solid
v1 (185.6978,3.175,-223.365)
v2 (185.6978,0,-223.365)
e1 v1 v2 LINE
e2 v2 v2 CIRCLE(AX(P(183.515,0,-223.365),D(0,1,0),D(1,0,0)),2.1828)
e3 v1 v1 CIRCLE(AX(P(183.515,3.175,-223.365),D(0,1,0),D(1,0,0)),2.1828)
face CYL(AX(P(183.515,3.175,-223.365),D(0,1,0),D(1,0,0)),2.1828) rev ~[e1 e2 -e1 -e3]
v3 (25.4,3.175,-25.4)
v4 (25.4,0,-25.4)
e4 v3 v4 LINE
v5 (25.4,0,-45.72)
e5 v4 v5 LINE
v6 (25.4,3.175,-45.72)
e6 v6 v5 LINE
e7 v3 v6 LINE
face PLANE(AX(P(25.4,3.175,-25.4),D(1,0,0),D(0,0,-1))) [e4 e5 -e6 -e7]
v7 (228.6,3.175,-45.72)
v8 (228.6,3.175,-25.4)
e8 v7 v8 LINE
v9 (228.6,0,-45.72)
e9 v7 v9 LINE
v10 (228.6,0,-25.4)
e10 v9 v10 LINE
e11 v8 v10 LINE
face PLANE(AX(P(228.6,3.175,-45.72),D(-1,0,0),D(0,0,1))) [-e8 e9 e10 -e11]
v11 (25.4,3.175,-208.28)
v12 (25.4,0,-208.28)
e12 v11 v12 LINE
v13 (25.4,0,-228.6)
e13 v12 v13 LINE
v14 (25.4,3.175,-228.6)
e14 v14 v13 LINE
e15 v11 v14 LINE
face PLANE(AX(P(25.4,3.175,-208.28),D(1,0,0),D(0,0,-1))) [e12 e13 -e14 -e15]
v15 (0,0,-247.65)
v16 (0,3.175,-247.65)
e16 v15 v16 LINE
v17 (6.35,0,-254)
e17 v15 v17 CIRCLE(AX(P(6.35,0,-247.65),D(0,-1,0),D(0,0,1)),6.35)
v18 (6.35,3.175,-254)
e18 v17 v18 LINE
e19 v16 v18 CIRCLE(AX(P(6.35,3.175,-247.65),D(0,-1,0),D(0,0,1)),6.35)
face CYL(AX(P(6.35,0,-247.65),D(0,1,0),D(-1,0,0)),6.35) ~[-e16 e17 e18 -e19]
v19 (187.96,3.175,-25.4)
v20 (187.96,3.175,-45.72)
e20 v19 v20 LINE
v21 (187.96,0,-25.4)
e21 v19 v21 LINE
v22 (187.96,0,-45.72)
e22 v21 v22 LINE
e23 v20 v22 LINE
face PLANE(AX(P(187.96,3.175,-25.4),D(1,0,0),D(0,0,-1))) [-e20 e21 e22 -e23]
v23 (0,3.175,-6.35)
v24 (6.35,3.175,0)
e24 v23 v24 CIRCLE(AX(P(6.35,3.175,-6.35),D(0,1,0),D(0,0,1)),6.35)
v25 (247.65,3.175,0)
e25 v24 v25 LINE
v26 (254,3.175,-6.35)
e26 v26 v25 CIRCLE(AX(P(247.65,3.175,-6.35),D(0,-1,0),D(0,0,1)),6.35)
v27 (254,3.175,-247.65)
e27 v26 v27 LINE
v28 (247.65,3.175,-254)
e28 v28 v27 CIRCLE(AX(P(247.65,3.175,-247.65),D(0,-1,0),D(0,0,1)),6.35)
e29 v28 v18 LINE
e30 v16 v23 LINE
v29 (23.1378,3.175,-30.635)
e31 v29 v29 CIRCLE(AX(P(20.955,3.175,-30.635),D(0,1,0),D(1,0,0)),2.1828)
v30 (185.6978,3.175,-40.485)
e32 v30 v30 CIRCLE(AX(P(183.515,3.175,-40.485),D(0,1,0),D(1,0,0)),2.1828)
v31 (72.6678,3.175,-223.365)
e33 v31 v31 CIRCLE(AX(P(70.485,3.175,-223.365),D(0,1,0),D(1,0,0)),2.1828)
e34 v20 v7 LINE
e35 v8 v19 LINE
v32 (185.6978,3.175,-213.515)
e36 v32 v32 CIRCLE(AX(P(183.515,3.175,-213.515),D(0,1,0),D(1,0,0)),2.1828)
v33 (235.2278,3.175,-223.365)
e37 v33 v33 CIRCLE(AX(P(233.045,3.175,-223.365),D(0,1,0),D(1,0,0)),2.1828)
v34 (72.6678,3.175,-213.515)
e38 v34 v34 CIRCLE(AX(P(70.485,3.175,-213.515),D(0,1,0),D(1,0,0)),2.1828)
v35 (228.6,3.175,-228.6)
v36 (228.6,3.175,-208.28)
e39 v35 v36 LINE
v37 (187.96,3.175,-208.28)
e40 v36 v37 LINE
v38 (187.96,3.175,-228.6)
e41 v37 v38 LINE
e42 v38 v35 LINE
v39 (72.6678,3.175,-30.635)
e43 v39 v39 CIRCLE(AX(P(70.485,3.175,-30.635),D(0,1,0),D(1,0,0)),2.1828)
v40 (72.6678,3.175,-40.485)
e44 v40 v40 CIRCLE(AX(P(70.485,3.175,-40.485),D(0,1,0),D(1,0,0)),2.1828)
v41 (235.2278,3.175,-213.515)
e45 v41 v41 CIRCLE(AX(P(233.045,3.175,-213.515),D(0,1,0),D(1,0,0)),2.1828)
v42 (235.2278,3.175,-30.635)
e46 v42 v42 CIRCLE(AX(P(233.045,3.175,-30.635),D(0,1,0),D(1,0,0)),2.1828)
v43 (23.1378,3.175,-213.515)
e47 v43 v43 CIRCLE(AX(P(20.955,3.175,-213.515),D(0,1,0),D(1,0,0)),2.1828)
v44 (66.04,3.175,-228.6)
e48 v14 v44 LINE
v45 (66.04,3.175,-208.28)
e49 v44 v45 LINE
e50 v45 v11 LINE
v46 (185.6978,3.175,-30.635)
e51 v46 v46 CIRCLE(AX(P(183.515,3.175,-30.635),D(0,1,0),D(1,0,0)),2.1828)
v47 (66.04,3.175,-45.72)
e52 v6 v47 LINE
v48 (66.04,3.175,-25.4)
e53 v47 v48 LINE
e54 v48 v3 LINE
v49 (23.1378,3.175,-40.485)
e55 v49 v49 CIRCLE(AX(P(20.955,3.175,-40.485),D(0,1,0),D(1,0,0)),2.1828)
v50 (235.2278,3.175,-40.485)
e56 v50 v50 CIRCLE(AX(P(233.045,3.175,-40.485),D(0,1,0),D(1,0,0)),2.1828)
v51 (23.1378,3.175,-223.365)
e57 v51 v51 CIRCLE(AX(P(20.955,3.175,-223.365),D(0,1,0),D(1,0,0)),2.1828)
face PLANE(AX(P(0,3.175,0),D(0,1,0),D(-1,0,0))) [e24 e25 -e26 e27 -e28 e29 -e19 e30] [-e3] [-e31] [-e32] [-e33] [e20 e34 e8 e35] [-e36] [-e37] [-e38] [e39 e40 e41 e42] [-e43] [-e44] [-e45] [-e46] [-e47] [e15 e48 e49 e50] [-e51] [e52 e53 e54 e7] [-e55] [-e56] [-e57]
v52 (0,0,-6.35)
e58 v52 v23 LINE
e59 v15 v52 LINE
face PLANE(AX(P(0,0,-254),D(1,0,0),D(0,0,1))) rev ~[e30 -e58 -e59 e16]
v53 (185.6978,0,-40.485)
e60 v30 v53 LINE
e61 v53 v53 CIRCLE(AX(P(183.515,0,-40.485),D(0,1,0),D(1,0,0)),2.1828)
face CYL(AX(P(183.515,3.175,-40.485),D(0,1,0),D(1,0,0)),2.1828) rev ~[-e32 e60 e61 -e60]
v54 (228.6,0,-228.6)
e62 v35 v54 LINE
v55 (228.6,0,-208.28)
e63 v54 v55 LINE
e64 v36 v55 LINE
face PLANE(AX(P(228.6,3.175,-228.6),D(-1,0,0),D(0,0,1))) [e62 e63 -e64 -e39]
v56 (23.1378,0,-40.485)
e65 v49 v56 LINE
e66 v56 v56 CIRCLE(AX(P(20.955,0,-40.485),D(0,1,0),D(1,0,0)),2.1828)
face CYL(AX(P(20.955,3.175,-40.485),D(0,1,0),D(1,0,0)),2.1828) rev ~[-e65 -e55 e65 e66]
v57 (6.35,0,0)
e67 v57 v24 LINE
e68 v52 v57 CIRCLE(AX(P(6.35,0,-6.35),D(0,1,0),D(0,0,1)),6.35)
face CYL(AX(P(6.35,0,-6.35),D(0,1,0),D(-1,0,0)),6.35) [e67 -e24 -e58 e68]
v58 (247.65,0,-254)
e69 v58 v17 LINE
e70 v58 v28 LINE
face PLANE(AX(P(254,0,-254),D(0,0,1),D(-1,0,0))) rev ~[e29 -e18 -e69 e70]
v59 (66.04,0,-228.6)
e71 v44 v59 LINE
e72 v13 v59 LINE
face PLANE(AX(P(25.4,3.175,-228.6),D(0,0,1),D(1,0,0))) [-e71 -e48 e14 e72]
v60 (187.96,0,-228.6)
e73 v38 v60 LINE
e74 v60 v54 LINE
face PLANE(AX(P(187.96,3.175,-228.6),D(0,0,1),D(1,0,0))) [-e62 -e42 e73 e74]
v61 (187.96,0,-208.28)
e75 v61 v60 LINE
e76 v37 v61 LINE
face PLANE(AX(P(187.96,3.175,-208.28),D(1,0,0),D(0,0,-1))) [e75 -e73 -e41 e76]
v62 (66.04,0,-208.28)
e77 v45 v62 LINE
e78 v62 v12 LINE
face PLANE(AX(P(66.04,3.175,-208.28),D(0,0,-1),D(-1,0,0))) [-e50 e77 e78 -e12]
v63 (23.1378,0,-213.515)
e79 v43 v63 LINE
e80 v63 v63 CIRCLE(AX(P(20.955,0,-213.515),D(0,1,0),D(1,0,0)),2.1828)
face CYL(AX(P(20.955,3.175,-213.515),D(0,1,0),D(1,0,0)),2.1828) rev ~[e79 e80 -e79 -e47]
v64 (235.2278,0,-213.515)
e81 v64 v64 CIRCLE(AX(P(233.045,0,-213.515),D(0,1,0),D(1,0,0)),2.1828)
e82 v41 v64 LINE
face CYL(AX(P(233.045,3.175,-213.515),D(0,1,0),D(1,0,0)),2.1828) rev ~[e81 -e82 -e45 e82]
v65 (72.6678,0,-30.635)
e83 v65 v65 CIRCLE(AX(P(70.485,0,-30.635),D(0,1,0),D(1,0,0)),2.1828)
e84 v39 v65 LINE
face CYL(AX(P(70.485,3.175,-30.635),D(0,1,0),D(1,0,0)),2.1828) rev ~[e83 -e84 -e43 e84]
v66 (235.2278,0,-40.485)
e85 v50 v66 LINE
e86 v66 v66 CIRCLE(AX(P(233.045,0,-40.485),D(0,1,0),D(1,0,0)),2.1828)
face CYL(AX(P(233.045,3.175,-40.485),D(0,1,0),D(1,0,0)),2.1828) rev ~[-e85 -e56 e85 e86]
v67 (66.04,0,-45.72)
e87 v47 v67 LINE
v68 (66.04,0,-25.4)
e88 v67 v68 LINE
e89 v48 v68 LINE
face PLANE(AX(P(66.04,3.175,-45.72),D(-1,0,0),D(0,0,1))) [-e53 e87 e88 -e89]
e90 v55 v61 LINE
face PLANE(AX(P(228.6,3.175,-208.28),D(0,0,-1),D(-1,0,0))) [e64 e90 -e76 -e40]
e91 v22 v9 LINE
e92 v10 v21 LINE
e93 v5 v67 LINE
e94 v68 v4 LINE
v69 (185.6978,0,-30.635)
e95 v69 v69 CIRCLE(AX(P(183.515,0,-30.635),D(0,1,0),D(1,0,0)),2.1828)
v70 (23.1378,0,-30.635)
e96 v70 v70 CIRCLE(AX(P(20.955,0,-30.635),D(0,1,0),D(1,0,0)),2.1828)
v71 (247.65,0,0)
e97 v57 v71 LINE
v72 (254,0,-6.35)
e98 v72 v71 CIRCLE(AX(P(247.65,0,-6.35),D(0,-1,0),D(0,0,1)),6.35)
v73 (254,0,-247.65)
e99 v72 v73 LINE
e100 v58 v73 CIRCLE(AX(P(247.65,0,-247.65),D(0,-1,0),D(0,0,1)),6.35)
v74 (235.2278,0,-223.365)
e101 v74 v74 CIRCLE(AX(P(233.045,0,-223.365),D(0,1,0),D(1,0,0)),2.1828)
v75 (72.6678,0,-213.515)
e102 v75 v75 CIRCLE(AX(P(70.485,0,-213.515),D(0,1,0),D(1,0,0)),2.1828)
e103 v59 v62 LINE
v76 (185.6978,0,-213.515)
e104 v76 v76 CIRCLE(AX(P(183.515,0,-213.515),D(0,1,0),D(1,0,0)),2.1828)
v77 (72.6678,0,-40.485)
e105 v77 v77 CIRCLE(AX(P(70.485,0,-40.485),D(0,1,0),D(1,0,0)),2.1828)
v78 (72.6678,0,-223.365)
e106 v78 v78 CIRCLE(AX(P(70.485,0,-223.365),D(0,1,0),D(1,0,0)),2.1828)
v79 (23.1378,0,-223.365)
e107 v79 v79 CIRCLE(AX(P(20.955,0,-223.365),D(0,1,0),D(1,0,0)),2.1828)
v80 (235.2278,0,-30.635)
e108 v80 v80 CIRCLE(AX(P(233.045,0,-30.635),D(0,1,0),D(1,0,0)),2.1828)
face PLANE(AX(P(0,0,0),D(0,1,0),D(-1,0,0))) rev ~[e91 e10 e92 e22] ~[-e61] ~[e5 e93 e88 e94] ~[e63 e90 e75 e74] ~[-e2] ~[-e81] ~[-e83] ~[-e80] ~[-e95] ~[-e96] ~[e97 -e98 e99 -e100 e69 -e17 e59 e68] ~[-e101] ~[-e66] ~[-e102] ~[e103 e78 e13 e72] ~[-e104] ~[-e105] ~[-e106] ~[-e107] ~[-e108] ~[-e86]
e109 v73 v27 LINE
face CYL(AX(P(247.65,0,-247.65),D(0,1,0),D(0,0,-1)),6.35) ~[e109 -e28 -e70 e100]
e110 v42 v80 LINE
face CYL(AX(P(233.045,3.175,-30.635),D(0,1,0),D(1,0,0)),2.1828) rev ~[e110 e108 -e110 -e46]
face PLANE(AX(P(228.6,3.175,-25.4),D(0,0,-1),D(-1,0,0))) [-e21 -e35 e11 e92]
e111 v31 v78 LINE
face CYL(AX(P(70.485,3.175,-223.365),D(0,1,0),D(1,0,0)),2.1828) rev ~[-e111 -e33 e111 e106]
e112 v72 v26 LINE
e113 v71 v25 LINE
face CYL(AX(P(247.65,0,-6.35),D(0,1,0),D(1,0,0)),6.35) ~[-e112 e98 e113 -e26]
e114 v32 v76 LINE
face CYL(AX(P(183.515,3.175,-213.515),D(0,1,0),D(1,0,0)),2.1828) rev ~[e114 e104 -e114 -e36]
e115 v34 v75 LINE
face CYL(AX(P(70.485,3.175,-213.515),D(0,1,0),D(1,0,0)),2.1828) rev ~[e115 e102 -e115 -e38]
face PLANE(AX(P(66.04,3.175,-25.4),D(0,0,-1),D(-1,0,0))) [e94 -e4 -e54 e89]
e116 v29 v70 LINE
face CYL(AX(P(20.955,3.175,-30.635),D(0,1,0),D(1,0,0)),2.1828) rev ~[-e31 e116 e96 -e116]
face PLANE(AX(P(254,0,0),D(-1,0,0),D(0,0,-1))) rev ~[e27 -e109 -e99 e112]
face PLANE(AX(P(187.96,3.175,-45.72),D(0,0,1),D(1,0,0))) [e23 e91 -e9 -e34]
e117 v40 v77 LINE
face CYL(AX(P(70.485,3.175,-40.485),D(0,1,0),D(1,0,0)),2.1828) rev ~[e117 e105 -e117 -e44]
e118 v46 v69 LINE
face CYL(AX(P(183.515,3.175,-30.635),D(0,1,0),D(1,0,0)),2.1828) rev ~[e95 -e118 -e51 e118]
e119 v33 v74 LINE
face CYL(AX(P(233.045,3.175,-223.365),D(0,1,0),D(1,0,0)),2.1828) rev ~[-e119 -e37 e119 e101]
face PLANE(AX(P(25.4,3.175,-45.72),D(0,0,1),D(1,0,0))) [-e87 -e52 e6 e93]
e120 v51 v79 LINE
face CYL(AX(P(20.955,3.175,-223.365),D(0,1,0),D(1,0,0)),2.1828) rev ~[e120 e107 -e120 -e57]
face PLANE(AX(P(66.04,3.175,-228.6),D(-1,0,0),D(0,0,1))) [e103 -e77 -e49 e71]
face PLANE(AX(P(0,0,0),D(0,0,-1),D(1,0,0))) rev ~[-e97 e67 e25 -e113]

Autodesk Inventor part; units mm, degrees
ref_plane "YZ Plane" through (0, 0, 0) normal (1, 0, 0) x (0, 1, 0)
ref_plane "XZ Plane" through (0, 0, 0) normal (0, 1, 0) x (-1, 0, 0)
ref_plane "XY Plane" through (0, 0, 0) normal (0, 0, 1) x (1, 0, 0)
sketch "Sketch1" plane through (0, 0, 0) normal (0, 1, 0) x (-1, 0, 0)
  line L0 (0, 0) -> (-254, 0)
  line L1 (-254, 0) -> (-254, -254)
  line L2 (-254, -254) -> (0, -254)
  line L3 (0, -254) -> (0, 0)
  dimension "d0" = 254
  dimension "d1" = 254
extrude "Extrusion1" add sketch "Sketch1" along normal blind 3.175
fillet "Fillet1" radius 6.35 4 edges at (0, 1.5875, 0) (254, 1.5875, 0) (254, 1.5875, -254) (0, 1.5875, -254)
sketch "Sketch2" plane through (0, 3.175, 0) normal (0, 1, 0) x (1, 0, 0)
  line L0 (247.65, 254) -> (6.35, 254) projected
  line L1 (0, 247.65) -> (0, 6.35) projected
  line L2 (25.4, 45.72) -> (66.04, 45.72)
  line L3 (66.04, 45.72) -> (66.04, 25.4)
  line L4 (66.04, 25.4) -> (25.4, 25.4)
  line L5 (25.4, 25.4) -> (25.4, 45.72)
  line L6 (254, 6.35) -> (254, 247.65) projected
  line L7 (6.35, 0) -> (247.65, 0) projected
  circle A0 centre (20.955, 30.635) radius 2.1828
  circle A1 centre (20.955, 40.485) radius 2.1828
  circle A2 centre (70.485, 40.485) radius 2.1828
  circle A3 centre (70.485, 30.635) radius 2.1828
  line L8 (25.4, 228.6) -> (66.04, 228.6)
  line L9 (66.04, 228.6) -> (66.04, 208.28)
  line L10 (66.04, 208.28) -> (25.4, 208.28)
  line L11 (25.4, 208.28) -> (25.4, 228.6)
  circle A4 centre (20.955, 213.515) radius 2.1828
  circle A5 centre (20.955, 223.365) radius 2.1828
  circle A6 centre (70.485, 223.365) radius 2.1828
  circle A7 centre (70.485, 213.515) radius 2.1828
  circle A8 centre (233.045, 223.365) radius 2.1828
  circle A9 centre (233.045, 213.515) radius 2.1828
  line L12 (228.6, 228.6) -> (228.6, 208.28)
  line L13 (187.96, 228.6) -> (228.6, 228.6)
  line L14 (228.6, 208.28) -> (187.96, 208.28)
  line L15 (187.96, 208.28) -> (187.96, 228.6)
  circle A10 centre (183.515, 223.365) radius 2.1828
  circle A11 centre (183.515, 213.515) radius 2.1828
  circle A12 centre (233.045, 40.485) radius 2.1828
  circle A13 centre (233.045, 30.635) radius 2.1828
  line L16 (228.6, 45.72) -> (228.6, 25.4)
  line L17 (187.96, 45.72) -> (228.6, 45.72)
  line L18 (228.6, 25.4) -> (187.96, 25.4)
  line L19 (187.96, 25.4) -> (187.96, 45.72)
  circle A14 centre (183.515, 40.485) radius 2.1828
  circle A15 centre (183.515, 30.635) radius 2.1828
  point P0 (0, 0)
  point P1 (45.72, 25.4)
  point P2 (25.4, 35.56)
  point P3 (45.72, 208.28)
  point P4 (25.4, 218.44)
  point P5 (127, 254)
  point P6 (208.28, 208.28)
  point P7 (187.96, 218.44)
  point P8 (208.28, 25.4)
  point P9 (187.96, 35.56)
  point P10 (208.28, 228.6)
  dimension "d13" = 40.64
  dimension "d14" = 20.32
  dimension "d19" = 25.4
  dimension "d20" = 25.4
  dimension "d23" = 4.3656
  dimension "d24" = 4.3656
  dimension "d25" = 4.3656
  dimension "d26" = 4.3656
  dimension "d27" = 9.85
  dimension "d28" = 9.85
  dimension "d29" = 49.53
  dimension "d30" = 49.53
  dimension "d31" = 0
  dimension "d32" = 0
  dimension "d33" = 4.445
  dimension "d34" = 5.235
  dimension "d35" = 40.64
  dimension "d36" = 20.32
  dimension "d37" = 4.3656
  dimension "d38" = 4.3656
  dimension "d39" = 4.3656
  dimension "d40" = 4.3656
  dimension "d41" = 9.85
  dimension "d42" = 9.85
  dimension "d43" = 49.53
  dimension "d44" = 49.53
  dimension "d45" = 0
  dimension "d46" = 0
  dimension "d47" = 4.445
  dimension "d48" = 5.235
  dimension "d51" = 25.4
  dimension "d52" = 25.4
  dimension "d53" = 40.64
  dimension "d54" = 20.32
  dimension "d55" = 4.3656
  dimension "d56" = 4.3656
  dimension "d57" = 4.3656
  dimension "d58" = 4.3656
  dimension "d59" = 9.85
  dimension "d60" = 9.85
  dimension "d61" = 49.53
  dimension "d62" = 49.53
  dimension "d63" = 0
  dimension "d64" = 0
  dimension "d65" = 4.445
  dimension "d66" = 5.235
  dimension "d69" = 40.64
  dimension "d70" = 20.32
  dimension "d71" = 4.3656
  dimension "d72" = 4.3656
  dimension "d73" = 4.3656
  dimension "d74" = 4.3656
  dimension "d75" = 9.85
  dimension "d76" = 9.85
  dimension "d77" = 49.53
  dimension "d78" = 49.53
  dimension "d79" = 0
  dimension "d80" = 0
  dimension "d81" = 4.445
  dimension "d82" = 5.235
  dimension "d85" = 25.4
  dimension "d86" = 25.4
  dimension "d87" = 25.4
  dimension "d88" = 25.4
extrude "Extrusion2" cut sketch "Sketch2" against normal blind 3.175
equation "\"d13\" = d5"
equation "\"d14\" = d6"
equation "\"d20\" = d8"
equation "\"d28\" = d27"
equation "\"d29\" = d30"
equation "\"d33\" = -0.5 * d13 + 0.5 * d29"
equation "\"d34\" = -0.5 * d27 + 0.5 * d14"
equation "\"d35\" = d49"
equation "\"d36\" = d50"
equation "\"d42\" = d41"
equation "\"d43\" = d44"
equation "\"d47\" = -0.5 * d35 + 0.5 * d43"
equation "\"d48\" = -0.5 * d41 + 0.5 * d36"
equation "\"d53\" = d67"
equation "\"d54\" = d68"
equation "\"d60\" = d59"
equation "\"d61\" = d62"
equation "\"d65\" = -0.5 * d53 + 0.5 * d61"
equation "\"d66\" = -0.5 * d59 + 0.5 * d54"
equation "\"d69\" = d83"
equation "\"d70\" = d84"
equation "\"d76\" = d75"
equation "\"d77\" = d78"
equation "\"d81\" = -0.5 * d69 + 0.5 * d77"
equation "\"d82\" = -0.5 * d75 + 0.5 * d70"
equation "\"d5\" = 40.64"
equation "\"d6\" = 20.32"
equation "\"d49\" = 40.64"
equation "\"d50\" = 20.32"
equation "\"d67\" = 40.64"
equation "\"d68\" = 20.32"
equation "\"d83\" = 40.64"
equation "\"d84\" = 20.32"
equation "\"d8\" = 25.4"
properties part number "RobotBase" material "Bronze, Cast"
